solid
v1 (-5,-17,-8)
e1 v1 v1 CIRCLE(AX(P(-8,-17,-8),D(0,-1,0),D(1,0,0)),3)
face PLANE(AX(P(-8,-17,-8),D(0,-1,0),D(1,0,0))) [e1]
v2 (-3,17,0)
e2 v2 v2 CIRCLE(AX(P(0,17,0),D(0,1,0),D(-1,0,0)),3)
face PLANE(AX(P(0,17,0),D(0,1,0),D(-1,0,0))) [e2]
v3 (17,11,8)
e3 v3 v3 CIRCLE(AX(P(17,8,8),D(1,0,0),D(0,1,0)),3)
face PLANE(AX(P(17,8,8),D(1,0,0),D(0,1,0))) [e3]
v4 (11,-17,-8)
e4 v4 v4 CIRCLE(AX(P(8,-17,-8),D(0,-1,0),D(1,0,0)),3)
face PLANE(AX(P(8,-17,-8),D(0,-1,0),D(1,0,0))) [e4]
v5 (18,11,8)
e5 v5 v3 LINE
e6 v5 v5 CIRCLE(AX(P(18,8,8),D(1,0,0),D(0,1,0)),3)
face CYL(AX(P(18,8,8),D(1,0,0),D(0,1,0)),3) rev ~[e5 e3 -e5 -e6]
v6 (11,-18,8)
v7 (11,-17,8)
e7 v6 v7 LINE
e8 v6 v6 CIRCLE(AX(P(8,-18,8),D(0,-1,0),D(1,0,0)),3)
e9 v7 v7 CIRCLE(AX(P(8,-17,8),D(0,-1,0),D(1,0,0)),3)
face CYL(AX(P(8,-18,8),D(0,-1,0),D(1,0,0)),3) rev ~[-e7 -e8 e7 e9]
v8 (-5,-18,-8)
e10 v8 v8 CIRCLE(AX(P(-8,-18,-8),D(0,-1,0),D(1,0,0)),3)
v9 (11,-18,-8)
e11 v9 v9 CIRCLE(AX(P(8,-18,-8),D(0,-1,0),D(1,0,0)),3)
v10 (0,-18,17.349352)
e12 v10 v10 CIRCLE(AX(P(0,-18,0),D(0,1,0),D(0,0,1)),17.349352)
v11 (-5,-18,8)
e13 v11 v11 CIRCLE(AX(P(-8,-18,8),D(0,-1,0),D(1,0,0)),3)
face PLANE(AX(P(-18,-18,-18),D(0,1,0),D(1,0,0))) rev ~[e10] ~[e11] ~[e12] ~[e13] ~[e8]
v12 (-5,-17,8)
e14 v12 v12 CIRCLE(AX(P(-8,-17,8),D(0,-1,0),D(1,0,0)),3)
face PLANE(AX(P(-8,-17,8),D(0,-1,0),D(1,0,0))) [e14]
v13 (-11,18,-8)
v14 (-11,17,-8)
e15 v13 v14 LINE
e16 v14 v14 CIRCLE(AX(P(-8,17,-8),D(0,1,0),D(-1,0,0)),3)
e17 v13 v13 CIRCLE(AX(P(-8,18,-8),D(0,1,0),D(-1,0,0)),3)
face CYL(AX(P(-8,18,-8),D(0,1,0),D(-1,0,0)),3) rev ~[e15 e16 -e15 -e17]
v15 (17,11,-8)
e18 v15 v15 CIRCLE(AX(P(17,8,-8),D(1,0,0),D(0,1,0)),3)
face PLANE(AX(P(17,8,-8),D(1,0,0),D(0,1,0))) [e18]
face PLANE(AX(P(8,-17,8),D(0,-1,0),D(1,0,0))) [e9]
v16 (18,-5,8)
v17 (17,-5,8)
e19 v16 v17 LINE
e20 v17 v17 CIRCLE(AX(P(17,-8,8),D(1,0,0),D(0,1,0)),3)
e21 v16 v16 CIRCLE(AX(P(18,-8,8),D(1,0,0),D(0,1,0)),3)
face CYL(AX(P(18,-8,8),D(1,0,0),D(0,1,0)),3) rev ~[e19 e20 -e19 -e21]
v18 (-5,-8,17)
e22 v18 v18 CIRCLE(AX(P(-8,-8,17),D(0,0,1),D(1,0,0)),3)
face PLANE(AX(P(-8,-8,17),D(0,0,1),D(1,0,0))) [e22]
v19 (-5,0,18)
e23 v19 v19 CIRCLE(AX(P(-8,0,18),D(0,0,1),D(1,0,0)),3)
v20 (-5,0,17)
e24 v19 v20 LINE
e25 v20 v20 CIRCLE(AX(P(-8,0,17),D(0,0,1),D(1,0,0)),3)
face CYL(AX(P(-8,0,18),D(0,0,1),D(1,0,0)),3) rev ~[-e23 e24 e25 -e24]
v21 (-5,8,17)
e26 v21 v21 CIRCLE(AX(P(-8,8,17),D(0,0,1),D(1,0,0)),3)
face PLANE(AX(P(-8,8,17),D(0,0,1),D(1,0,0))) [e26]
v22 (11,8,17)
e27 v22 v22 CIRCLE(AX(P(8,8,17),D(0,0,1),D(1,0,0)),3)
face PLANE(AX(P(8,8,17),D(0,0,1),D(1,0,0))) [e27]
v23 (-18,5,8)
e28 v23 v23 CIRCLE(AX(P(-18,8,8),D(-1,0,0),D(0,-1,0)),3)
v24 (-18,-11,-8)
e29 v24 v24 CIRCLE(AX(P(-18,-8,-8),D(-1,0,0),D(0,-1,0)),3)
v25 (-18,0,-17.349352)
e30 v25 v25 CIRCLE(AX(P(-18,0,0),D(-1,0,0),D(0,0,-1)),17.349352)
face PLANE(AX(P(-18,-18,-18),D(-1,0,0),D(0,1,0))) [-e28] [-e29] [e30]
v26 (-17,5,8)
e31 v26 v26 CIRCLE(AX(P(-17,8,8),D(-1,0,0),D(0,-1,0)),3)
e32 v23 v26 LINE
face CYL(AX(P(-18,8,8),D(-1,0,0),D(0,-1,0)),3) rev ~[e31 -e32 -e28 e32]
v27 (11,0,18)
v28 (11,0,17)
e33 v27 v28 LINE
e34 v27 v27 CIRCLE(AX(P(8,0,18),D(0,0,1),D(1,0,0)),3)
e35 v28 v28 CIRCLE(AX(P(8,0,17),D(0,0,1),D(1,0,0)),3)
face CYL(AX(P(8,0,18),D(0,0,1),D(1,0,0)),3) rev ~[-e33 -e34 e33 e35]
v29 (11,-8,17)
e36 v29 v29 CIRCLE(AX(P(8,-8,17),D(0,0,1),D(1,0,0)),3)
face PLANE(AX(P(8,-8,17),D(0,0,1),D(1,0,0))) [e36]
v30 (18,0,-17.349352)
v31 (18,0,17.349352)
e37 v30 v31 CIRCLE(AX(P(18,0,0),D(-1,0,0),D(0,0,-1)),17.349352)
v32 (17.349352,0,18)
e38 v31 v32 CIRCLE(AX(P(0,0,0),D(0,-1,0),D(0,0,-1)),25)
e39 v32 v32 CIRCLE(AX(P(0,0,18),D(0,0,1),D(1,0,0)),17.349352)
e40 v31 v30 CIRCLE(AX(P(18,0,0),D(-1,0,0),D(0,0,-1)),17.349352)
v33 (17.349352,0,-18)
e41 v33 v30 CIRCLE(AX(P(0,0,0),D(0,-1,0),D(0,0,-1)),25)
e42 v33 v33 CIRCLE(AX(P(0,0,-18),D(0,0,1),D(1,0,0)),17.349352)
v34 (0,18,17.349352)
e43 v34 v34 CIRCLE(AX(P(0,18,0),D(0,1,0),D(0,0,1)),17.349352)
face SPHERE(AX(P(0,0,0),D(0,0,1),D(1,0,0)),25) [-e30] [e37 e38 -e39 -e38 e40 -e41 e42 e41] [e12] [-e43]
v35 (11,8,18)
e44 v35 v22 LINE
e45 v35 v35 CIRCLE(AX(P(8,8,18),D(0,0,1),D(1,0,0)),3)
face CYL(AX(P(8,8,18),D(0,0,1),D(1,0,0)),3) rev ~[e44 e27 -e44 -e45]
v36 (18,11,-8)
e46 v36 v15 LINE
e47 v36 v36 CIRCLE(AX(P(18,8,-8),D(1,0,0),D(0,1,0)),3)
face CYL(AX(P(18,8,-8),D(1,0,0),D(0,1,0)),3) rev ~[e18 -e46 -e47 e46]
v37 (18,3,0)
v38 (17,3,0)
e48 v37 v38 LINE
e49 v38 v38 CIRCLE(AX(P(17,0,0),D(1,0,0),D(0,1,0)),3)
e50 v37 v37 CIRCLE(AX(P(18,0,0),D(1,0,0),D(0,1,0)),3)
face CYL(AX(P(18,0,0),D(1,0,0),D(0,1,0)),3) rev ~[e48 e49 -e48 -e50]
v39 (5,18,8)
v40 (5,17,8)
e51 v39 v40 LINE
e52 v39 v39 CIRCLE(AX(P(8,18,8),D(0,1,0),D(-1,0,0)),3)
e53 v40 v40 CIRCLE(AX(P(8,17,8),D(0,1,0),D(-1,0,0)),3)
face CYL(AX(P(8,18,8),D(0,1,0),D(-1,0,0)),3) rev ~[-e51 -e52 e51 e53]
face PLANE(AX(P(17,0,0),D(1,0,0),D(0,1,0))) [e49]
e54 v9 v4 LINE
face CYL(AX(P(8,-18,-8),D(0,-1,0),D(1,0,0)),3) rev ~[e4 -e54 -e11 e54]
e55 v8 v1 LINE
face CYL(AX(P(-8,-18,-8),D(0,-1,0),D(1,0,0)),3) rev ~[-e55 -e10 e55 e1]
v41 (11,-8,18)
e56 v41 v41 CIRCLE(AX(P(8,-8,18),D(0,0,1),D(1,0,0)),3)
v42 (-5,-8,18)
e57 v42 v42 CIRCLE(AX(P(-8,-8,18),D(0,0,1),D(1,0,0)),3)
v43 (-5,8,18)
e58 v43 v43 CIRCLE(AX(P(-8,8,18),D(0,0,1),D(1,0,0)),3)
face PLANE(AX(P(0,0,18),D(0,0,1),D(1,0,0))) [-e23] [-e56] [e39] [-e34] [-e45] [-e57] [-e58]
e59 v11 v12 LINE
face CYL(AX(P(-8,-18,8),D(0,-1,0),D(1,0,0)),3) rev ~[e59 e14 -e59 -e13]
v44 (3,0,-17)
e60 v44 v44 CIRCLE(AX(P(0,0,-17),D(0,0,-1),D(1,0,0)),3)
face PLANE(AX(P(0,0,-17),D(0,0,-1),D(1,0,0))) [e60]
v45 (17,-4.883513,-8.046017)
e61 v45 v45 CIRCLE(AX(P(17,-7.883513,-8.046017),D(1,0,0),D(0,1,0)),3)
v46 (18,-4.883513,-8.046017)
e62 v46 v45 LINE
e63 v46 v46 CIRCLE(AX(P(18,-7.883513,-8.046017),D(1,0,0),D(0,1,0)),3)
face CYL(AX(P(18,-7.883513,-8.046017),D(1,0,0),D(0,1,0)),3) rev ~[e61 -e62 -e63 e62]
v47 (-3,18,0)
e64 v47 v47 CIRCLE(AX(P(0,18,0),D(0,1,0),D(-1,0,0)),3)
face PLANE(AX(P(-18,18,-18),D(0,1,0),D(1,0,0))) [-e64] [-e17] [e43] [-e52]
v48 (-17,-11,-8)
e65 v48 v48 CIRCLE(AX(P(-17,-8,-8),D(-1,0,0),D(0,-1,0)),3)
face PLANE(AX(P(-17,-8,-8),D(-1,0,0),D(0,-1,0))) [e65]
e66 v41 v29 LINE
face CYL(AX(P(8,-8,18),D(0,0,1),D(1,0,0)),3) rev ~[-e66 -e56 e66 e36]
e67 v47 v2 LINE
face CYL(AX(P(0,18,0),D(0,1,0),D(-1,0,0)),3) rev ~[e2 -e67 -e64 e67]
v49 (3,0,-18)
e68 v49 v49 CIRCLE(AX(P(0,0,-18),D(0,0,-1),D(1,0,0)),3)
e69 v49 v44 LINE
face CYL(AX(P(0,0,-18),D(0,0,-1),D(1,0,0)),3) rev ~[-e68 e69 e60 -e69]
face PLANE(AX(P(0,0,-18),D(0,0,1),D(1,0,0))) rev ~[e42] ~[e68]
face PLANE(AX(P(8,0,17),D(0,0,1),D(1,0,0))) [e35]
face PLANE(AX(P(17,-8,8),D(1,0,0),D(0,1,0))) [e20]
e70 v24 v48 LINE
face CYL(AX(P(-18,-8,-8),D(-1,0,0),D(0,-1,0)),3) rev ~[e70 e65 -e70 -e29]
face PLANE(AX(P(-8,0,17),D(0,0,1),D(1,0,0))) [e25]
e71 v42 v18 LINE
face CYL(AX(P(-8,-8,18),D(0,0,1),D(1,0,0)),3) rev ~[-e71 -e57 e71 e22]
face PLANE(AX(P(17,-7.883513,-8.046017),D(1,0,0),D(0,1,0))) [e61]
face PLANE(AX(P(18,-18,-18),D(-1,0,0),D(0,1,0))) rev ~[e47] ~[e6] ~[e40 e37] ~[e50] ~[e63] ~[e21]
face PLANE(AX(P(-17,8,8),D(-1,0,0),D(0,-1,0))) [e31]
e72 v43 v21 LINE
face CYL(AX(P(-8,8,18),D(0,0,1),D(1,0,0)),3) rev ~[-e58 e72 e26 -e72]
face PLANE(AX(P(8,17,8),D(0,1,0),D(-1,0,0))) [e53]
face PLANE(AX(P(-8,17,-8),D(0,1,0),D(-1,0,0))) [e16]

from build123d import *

# Parameters (mm, degrees)
BOX_W           = 36
BOX_H           = 36
BOX_DEPTH       = 36
SKETCH002_R     = 3
POCKET_DEPTH    = 1
SKETCH_R        = 3
POCKET001_DEPTH = 1
SKETCH003_R     = 3
POCKET002_DEPTH = 1
SKETCH004_R     = 3
POCKET003_DEPTH = 1
SKETCH005_R     = 3
POCKET004_DEPTH = 1
SKETCH006_R     = 3
POCKET005_DEPTH = 1


with BuildPart() as sphere:
    # Sphere → Sphere (revolve)
    with BuildSketch(Plane.XZ):
        with BuildLine():
            ThreePointArc((0, -25), (25, 0), (0, 25))
            Line((0, 25), (0, -25))
        make_face()
    revolve(axis=Axis((0, 0, 0), (0, 0, 1)))


with BuildPart() as pocket005:
    # Box → Box (new body)
    with BuildSketch(Plane(origin=(-18, -18, -18), x_dir=(1, 0, 0), z_dir=(0, 0, 1))):
        with Locations((18, 18)):
            Rectangle(BOX_W, BOX_H)
    extrude(amount=BOX_DEPTH)

    # Common: intersect Sphere
    add(sphere.part, mode=Mode.INTERSECT)

    # Sketch002 → Pocket (cut)
    with BuildSketch(Plane.XY.offset(18)):
        with Locations((-8, 8)):
            Circle(SKETCH002_R)
        with Locations((-8, 0)):
            Circle(SKETCH002_R)
        with Locations((-8, -8)):
            Circle(SKETCH002_R)
        with Locations((8, 8)):
            Circle(SKETCH002_R)
        with Locations((8, -8)):
            Circle(SKETCH002_R)
        with Locations((8, 0)):
            Circle(SKETCH002_R)
    extrude(amount=-POCKET_DEPTH, mode=Mode.SUBTRACT)

    # Sketch → Pocket001 (cut)
    with BuildSketch(Plane.YZ.offset(18)):
        with Locations((-8, 8)):
            Circle(SKETCH_R)
        with Locations((8, 8)):
            Circle(SKETCH_R)
        with Locations((-7.883513, -8.046017)):
            Circle(SKETCH_R)
        with Locations((8, -8)):
            Circle(SKETCH_R)
        Circle(SKETCH_R)
    extrude(amount=-POCKET001_DEPTH, mode=Mode.SUBTRACT)

    # Sketch003 → Pocket002 (cut)
    with BuildSketch(Plane.XZ.offset(18)):
        with Locations((-8, 8)):
            Circle(SKETCH003_R)
        with Locations((8, 8)):
            Circle(SKETCH003_R)
        with Locations((8, -8)):
            Circle(SKETCH003_R)
        with Locations((-8, -8)):
            Circle(SKETCH003_R)
    extrude(amount=-POCKET002_DEPTH, mode=Mode.SUBTRACT)

    # Sketch004 → Pocket003 (cut)
    with BuildSketch(Plane(origin=(0, 18, 0), x_dir=(-1, 0, 0), z_dir=(0, 1, 0))):
        with Locations((-8, 8)):
            Circle(SKETCH004_R)
        Circle(SKETCH004_R)
        with Locations((8, -8)):
            Circle(SKETCH004_R)
    extrude(amount=-POCKET003_DEPTH, mode=Mode.SUBTRACT)

    # Sketch005 → Pocket004 (cut)
    with BuildSketch(Plane(origin=(0, 0, -18), x_dir=(1, 0, 0), z_dir=(0, 0, -1))):
        Circle(SKETCH005_R)
    extrude(amount=-POCKET004_DEPTH, mode=Mode.SUBTRACT)

    # Sketch006 → Pocket005 (cut)
    with BuildSketch(Plane(origin=(-18, 0, 0), x_dir=(0, -1, 0), z_dir=(-1, 0, 0))):
        with Locations((-8, 8)):
            Circle(SKETCH006_R)
        with Locations((8, -8)):
            Circle(SKETCH006_R)
    extrude(amount=-POCKET005_DEPTH, mode=Mode.SUBTRACT)


solid = pocket005.part
